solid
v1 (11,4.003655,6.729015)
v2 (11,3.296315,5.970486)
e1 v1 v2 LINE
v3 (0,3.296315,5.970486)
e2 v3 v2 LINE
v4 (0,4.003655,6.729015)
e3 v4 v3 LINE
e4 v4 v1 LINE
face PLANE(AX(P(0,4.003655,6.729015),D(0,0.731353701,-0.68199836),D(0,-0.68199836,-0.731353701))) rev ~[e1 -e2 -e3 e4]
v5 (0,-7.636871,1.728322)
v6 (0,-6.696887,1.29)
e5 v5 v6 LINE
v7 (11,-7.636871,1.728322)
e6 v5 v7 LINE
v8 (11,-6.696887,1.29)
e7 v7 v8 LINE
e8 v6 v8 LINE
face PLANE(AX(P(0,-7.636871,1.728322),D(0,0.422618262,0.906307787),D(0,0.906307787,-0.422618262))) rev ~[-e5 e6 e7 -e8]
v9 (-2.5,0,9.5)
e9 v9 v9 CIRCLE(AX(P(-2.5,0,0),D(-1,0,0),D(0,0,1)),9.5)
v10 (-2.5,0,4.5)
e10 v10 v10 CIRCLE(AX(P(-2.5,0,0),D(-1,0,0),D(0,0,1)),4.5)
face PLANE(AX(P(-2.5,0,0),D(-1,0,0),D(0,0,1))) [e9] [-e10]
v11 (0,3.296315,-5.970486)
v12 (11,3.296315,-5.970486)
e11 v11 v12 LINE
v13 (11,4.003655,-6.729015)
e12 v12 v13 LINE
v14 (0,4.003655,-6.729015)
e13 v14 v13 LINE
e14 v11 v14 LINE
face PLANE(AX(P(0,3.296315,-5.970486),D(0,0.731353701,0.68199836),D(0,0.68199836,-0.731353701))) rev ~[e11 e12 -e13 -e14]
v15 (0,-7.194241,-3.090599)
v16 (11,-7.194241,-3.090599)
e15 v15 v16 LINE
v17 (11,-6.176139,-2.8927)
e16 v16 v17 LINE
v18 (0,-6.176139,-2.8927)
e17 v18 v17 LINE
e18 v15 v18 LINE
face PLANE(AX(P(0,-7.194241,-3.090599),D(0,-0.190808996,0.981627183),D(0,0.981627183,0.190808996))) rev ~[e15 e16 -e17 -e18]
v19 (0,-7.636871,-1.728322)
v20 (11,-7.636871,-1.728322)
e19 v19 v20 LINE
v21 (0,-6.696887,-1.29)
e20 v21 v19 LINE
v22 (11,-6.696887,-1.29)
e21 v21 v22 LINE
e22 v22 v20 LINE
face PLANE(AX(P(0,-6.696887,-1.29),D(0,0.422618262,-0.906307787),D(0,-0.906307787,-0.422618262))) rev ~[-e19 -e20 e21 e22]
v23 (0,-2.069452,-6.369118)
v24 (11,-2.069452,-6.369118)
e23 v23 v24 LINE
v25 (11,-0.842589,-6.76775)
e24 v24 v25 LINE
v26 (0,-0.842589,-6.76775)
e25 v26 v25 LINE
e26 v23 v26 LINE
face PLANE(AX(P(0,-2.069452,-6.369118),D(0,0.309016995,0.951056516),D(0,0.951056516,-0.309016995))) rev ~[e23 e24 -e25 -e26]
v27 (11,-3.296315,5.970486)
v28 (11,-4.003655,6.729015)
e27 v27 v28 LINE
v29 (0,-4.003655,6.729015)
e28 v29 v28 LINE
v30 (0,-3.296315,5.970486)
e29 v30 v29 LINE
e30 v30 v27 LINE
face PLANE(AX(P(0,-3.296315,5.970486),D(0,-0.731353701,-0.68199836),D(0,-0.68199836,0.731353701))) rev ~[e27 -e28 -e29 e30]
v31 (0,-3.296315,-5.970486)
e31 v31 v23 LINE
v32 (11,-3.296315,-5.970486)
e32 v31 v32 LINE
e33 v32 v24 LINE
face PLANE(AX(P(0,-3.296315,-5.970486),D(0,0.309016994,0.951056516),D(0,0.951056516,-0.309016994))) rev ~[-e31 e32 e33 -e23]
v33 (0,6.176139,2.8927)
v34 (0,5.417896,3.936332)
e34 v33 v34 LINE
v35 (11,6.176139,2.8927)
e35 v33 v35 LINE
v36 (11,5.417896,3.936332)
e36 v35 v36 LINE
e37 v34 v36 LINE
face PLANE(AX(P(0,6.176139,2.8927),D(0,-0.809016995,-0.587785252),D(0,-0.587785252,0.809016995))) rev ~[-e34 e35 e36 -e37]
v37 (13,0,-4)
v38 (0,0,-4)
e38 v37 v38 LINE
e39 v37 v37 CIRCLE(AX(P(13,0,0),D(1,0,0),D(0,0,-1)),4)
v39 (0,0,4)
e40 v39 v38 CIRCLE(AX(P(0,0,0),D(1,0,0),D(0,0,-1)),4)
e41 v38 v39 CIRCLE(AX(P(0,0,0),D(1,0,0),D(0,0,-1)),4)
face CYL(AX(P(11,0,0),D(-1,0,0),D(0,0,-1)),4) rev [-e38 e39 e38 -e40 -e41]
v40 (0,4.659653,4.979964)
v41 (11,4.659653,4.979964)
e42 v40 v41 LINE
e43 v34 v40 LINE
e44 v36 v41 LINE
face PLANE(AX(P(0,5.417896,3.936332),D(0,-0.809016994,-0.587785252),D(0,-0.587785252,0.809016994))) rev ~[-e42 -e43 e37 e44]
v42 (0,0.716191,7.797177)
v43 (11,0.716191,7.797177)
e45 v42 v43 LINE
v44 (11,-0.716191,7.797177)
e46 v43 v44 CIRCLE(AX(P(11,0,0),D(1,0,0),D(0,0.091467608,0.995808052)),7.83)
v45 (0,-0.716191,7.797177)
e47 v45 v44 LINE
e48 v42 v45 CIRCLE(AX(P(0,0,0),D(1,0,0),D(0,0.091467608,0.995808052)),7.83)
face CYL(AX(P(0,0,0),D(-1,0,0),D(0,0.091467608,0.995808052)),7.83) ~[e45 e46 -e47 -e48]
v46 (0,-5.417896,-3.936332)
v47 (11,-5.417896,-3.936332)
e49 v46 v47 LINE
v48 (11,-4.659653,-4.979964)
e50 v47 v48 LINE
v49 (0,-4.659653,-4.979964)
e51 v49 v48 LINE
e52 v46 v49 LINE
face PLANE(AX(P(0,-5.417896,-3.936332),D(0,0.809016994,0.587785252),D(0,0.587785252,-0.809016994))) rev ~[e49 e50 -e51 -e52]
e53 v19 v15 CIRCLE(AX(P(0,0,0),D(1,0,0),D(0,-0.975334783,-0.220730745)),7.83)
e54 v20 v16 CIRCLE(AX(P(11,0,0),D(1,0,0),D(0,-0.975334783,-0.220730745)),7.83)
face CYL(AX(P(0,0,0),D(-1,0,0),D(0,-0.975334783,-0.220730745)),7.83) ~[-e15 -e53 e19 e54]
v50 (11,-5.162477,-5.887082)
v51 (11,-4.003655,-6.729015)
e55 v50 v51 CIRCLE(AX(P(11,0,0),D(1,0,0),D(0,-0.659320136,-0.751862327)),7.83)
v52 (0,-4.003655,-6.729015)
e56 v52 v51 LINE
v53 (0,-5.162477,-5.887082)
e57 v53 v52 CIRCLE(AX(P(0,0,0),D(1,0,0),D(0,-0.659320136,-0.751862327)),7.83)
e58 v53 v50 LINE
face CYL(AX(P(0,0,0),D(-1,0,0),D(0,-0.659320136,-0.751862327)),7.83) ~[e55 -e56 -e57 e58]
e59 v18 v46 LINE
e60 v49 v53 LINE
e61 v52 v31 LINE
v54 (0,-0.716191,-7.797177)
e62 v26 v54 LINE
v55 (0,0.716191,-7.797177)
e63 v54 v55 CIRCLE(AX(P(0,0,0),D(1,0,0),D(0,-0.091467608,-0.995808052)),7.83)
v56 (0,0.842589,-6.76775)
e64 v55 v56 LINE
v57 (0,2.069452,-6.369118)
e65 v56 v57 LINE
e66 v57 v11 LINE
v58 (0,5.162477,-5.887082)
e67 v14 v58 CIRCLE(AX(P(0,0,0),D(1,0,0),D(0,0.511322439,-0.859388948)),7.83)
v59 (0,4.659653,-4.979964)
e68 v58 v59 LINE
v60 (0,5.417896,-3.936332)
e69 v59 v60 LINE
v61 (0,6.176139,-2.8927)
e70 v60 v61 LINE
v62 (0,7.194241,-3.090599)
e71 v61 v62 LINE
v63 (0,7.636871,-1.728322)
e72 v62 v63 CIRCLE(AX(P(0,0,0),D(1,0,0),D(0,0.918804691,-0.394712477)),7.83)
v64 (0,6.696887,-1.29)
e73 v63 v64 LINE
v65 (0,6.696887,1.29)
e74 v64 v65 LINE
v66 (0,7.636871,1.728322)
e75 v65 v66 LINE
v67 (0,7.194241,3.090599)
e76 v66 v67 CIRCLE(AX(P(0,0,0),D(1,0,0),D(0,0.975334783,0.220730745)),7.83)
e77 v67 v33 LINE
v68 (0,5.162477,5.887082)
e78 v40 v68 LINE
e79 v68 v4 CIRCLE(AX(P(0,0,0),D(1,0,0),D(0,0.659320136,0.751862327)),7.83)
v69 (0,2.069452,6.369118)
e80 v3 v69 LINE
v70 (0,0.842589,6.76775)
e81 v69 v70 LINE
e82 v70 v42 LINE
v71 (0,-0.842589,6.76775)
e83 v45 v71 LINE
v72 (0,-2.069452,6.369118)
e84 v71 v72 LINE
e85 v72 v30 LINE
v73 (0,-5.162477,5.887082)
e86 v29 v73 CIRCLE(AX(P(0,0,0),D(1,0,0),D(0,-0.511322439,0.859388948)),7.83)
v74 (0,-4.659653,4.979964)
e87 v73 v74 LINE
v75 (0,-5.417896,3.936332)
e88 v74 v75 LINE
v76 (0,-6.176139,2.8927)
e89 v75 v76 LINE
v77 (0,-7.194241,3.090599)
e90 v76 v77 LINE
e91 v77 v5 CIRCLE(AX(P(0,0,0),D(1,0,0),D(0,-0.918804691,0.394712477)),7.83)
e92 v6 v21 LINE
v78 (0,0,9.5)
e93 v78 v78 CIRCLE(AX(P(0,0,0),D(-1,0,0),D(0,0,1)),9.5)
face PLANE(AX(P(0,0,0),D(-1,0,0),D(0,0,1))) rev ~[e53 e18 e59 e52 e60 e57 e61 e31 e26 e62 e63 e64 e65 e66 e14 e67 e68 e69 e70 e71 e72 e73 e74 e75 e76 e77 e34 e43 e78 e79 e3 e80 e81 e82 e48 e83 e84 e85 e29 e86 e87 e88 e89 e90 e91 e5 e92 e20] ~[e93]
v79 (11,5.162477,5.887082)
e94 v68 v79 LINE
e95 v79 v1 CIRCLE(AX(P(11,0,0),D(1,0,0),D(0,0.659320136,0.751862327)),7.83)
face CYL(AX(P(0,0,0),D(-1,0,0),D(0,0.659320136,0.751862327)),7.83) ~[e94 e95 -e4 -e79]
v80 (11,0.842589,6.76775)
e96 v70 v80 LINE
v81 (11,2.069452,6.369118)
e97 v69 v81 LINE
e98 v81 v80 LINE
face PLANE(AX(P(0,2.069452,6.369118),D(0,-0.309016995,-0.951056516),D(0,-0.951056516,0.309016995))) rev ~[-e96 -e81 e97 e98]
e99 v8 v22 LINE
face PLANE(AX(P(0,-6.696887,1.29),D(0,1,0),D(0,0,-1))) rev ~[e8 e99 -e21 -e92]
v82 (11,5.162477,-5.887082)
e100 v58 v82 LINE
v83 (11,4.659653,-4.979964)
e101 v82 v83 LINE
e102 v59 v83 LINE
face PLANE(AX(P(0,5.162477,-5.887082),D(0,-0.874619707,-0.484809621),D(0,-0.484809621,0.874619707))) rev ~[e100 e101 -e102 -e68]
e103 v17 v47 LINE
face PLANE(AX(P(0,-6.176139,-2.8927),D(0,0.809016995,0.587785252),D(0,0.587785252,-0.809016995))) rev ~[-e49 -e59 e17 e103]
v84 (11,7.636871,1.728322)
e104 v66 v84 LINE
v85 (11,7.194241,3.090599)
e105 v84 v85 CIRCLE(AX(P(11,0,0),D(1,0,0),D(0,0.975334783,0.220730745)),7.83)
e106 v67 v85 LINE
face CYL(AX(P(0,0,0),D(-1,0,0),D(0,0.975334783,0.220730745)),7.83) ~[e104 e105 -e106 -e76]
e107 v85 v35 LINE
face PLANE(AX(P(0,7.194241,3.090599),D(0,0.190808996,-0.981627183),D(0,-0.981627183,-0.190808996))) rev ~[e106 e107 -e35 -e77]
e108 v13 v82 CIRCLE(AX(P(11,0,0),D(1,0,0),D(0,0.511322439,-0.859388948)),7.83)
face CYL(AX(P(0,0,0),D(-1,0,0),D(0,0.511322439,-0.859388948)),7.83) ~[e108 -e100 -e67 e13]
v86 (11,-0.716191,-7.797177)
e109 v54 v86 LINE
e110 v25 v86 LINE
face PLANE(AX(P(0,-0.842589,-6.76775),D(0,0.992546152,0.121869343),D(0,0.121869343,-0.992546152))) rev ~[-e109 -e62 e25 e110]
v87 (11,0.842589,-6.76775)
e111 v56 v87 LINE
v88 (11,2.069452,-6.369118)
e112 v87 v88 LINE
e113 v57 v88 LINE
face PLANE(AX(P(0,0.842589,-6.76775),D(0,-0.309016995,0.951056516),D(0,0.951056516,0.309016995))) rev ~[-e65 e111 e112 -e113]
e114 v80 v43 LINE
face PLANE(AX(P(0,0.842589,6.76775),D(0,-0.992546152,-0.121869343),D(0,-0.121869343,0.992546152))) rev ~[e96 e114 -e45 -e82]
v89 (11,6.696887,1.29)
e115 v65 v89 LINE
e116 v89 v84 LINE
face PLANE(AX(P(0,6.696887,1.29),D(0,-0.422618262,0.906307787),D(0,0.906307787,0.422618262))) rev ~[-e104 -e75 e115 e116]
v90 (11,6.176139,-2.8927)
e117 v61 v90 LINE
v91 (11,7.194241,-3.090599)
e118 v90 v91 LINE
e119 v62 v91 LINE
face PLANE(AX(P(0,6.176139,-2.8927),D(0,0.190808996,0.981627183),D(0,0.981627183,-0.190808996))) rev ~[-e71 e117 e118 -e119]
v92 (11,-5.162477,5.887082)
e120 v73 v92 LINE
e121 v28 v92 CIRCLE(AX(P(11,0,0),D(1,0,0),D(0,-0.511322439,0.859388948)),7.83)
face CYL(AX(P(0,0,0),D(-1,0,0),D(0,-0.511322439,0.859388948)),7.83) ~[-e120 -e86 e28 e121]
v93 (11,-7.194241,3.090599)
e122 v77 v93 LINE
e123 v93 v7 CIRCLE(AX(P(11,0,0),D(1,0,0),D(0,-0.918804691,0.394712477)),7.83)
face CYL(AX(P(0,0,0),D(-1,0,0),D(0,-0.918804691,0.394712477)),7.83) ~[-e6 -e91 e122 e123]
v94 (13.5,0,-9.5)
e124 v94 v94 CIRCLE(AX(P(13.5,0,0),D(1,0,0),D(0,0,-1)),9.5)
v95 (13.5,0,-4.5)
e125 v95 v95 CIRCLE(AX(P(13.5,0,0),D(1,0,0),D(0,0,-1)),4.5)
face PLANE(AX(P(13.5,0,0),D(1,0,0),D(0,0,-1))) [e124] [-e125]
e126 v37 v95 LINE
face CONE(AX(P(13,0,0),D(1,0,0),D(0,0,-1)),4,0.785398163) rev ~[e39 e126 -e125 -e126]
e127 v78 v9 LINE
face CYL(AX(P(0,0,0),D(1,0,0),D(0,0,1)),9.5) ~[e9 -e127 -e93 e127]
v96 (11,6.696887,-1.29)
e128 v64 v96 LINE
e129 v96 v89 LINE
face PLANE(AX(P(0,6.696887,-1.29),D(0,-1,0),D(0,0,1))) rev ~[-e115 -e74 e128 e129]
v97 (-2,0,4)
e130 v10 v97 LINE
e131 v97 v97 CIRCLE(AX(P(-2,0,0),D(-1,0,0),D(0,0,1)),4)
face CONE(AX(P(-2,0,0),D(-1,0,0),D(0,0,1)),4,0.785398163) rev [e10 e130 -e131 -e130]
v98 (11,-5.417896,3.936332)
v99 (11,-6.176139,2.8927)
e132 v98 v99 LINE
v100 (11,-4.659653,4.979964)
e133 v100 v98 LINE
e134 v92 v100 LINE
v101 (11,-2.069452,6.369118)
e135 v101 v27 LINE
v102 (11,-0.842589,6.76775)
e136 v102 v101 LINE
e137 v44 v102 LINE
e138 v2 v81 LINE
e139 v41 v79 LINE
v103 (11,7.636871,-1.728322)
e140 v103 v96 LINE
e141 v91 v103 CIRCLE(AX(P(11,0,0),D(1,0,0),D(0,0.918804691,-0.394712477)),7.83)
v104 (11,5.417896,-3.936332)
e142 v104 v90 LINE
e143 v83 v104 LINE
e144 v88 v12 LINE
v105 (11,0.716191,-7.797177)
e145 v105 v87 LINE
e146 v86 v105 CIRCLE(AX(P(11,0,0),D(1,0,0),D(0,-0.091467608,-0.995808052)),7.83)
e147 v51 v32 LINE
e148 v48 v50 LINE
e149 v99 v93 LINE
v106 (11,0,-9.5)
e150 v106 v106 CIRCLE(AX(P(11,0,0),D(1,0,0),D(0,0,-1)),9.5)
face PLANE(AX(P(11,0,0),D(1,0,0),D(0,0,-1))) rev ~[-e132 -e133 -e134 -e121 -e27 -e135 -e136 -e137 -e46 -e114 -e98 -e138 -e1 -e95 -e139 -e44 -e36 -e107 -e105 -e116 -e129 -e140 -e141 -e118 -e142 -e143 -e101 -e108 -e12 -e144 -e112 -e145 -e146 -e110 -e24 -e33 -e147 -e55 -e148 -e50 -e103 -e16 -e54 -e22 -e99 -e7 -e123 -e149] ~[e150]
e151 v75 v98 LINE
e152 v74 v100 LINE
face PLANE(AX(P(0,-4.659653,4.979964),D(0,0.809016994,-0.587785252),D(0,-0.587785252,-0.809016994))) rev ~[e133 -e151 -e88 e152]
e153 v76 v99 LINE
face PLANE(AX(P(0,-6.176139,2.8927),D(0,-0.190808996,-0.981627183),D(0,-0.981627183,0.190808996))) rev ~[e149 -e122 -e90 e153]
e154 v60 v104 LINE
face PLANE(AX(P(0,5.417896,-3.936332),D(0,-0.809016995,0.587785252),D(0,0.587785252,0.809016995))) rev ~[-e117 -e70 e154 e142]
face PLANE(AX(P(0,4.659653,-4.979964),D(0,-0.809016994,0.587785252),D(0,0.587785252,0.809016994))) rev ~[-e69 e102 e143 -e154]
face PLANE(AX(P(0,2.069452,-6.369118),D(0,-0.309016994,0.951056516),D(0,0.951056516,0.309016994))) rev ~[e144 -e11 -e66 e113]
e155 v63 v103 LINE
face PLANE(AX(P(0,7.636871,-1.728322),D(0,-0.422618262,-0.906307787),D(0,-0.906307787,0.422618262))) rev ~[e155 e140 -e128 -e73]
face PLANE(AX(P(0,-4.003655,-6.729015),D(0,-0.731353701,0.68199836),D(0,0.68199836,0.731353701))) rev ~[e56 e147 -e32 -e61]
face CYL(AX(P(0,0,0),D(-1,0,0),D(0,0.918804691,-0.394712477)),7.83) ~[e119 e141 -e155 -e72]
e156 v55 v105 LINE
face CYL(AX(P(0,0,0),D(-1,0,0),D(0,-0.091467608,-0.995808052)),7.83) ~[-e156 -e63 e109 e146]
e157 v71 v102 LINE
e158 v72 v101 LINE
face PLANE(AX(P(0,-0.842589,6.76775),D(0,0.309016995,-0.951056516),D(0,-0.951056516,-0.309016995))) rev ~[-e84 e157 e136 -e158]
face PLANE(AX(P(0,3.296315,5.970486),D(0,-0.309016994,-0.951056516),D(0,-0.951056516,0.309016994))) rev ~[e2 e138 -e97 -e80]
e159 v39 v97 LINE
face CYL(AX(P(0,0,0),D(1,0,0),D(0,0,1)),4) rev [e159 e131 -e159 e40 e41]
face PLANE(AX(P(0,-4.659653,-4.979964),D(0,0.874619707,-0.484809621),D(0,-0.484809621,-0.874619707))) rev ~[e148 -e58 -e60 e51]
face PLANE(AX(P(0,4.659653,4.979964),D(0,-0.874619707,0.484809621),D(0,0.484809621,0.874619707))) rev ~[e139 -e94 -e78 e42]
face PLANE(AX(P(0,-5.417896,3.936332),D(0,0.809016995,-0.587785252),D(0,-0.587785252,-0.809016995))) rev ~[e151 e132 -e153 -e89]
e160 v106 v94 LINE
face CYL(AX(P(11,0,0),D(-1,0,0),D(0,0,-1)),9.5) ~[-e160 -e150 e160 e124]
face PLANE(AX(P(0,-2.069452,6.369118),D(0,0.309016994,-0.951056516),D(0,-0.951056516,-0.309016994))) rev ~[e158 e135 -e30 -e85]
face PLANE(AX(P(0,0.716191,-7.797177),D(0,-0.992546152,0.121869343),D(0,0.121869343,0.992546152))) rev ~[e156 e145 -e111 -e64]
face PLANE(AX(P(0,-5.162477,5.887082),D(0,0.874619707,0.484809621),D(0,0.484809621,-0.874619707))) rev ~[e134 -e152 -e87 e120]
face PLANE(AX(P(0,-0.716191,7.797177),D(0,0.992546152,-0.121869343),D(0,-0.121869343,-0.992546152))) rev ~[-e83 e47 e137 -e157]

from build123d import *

# Parameters (mm, degrees)
SKETCH_1_R      = 4
EXTRUDE_1_DEPTH = 11
SKETCH_2_R      = 9.5
SKETCH_2_R_2    = 4
EXTRUDE_2_DEPTH = 2.5
SKETCH_3_R      = 9.5
SKETCH_3_R_2    = 4
EXTRUDE_3_DEPTH = 2.5
CHAMFER_1_SIZE  = 0.5


with BuildPart() as part:
    # 草图1 → 凸台-拉伸1 (new body)
    with BuildSketch(Plane(origin=(0, 0, 0), x_dir=(0, 0, -1), z_dir=(1, 0, 0))):
        with BuildLine():
            Line((1.728321742, 7.636871346), (1.29, 6.696887337))
            Line((1.29, 6.696887337), (0, 6.696887337))
            Line((0, 6.696887337), (-1.29, 6.696887337))
            Line((-1.29, 6.696887337), (-1.728321742, 7.636871346))
            ThreePointArc((-1.728321742, 7.636871346), (-2.419603066, 7.446772523), (-3.09059869, 7.194240734))
            Line((-3.09059869, 7.194240734), (-2.89269969, 6.17613864))
            Line((-2.89269969, 6.17613864), (-3.936331613, 5.417895665))
            Line((-3.936331613, 5.417895665), (-4.979963536, 4.659652689))
            Line((-4.979963536, 4.659652689), (-5.887082012, 5.162476672))
            ThreePointArc((-5.887082012, 5.162476672), (-6.334603066, 4.602358525), (-6.729015468, 4.003654685))
            Line((-6.729015468, 4.003654685), (-5.970486418, 3.296314902))
            Line((-5.970486418, 3.296314902), (-6.36911834, 2.069451996))
            Line((-6.36911834, 2.069451996), (-6.767750263, 0.84258909))
            Line((-6.767750263, 0.84258909), (-7.797177048, 0.716191375))
            ThreePointArc((-7.797177048, 0.716191375), (-7.83, 0), (-7.797177048, -0.716191375))
            Line((-7.797177048, -0.716191375), (-6.767750263, -0.84258909))
            Line((-6.767750263, -0.84258909), (-6.36911834, -2.069451996))
            Line((-6.36911834, -2.069451996), (-5.970486418, -3.296314902))
            Line((-5.970486418, -3.296314902), (-6.729015468, -4.003654685))
            ThreePointArc((-6.729015468, -4.003654685), (-6.334603066, -4.602358525), (-5.887082012, -5.162476672))
            Line((-5.887082012, -5.162476672), (-4.979963536, -4.659652689))
            Line((-4.979963536, -4.659652689), (-3.936331613, -5.417895665))
            Line((-3.936331613, -5.417895665), (-2.89269969, -6.17613864))
            Line((-2.89269969, -6.17613864), (-3.09059869, -7.194240734))
            ThreePointArc((-3.09059869, -7.194240734), (-2.419603066, -7.446772523), (-1.728321742, -7.636871346))
            Line((-1.728321742, -7.636871346), (-1.29, -6.696887337))
            Line((-1.29, -6.696887337), (0, -6.696887337))
            Line((0, -6.696887337), (1.29, -6.696887337))
            Line((1.29, -6.696887337), (1.728321742, -7.636871346))
            ThreePointArc((1.728321742, -7.636871346), (2.419603066, -7.446772523), (3.09059869, -7.194240734))
            Line((3.09059869, -7.194240734), (2.89269969, -6.17613864))
            Line((2.89269969, -6.17613864), (3.936331613, -5.417895665))
            Line((3.936331613, -5.417895665), (4.979963536, -4.659652689))
            Line((4.979963536, -4.659652689), (5.887082012, -5.162476672))
            ThreePointArc((5.887082012, -5.162476672), (6.334603066, -4.602358525), (6.729015468, -4.003654685))
            Line((6.729015468, -4.003654685), (5.970486418, -3.296314902))
            Line((5.970486418, -3.296314902), (6.36911834, -2.069451996))
            Line((6.36911834, -2.069451996), (6.767750263, -0.84258909))
            Line((6.767750263, -0.84258909), (7.797177048, -0.716191375))
            ThreePointArc((7.797177048, -0.716191375), (7.83, 0), (7.797177048, 0.716191375))
            Line((7.797177048, 0.716191375), (6.767750263, 0.84258909))
            Line((6.767750263, 0.84258909), (6.36911834, 2.069451996))
            Line((6.36911834, 2.069451996), (5.970486418, 3.296314902))
            Line((5.970486418, 3.296314902), (6.729015468, 4.003654685))
            ThreePointArc((6.729015468, 4.003654685), (6.334603066, 4.602358525), (5.887082012, 5.162476672))
            Line((5.887082012, 5.162476672), (4.979963536, 4.659652689))
            Line((4.979963536, 4.659652689), (3.936331613, 5.417895665))
            Line((3.936331613, 5.417895665), (2.89269969, 6.17613864))
            Line((2.89269969, 6.17613864), (3.09059869, 7.194240734))
            ThreePointArc((3.09059869, 7.194240734), (2.419603066, 7.446772523), (1.728321742, 7.636871346))
        make_face()
        Circle(SKETCH_1_R, mode=Mode.SUBTRACT)
    extrude(amount=EXTRUDE_1_DEPTH)

    # 草图2 → 凸台-拉伸2 (add)
    with BuildSketch(Plane(origin=(11, 0, 0), x_dir=(0, 0, -1), z_dir=(1, 0, 0))):
        Circle(SKETCH_2_R)
        Circle(SKETCH_2_R_2, mode=Mode.SUBTRACT)
    extrude(amount=EXTRUDE_2_DEPTH)

    # 草图3 → 凸台-拉伸3 (add)
    with BuildSketch(Plane.ZY):
        Circle(SKETCH_3_R)
        Circle(SKETCH_3_R_2, mode=Mode.SUBTRACT)
    extrude(amount=EXTRUDE_3_DEPTH)

    # 倒角1
    chamfer_1_edges = [part.edges().sort_by_distance(p)[0] for p in [
        (13.5, 0, 4),
        (-2.5, 0, -4),
    ]]
    chamfer(chamfer_1_edges, length=CHAMFER_1_SIZE)


solid = part.part
